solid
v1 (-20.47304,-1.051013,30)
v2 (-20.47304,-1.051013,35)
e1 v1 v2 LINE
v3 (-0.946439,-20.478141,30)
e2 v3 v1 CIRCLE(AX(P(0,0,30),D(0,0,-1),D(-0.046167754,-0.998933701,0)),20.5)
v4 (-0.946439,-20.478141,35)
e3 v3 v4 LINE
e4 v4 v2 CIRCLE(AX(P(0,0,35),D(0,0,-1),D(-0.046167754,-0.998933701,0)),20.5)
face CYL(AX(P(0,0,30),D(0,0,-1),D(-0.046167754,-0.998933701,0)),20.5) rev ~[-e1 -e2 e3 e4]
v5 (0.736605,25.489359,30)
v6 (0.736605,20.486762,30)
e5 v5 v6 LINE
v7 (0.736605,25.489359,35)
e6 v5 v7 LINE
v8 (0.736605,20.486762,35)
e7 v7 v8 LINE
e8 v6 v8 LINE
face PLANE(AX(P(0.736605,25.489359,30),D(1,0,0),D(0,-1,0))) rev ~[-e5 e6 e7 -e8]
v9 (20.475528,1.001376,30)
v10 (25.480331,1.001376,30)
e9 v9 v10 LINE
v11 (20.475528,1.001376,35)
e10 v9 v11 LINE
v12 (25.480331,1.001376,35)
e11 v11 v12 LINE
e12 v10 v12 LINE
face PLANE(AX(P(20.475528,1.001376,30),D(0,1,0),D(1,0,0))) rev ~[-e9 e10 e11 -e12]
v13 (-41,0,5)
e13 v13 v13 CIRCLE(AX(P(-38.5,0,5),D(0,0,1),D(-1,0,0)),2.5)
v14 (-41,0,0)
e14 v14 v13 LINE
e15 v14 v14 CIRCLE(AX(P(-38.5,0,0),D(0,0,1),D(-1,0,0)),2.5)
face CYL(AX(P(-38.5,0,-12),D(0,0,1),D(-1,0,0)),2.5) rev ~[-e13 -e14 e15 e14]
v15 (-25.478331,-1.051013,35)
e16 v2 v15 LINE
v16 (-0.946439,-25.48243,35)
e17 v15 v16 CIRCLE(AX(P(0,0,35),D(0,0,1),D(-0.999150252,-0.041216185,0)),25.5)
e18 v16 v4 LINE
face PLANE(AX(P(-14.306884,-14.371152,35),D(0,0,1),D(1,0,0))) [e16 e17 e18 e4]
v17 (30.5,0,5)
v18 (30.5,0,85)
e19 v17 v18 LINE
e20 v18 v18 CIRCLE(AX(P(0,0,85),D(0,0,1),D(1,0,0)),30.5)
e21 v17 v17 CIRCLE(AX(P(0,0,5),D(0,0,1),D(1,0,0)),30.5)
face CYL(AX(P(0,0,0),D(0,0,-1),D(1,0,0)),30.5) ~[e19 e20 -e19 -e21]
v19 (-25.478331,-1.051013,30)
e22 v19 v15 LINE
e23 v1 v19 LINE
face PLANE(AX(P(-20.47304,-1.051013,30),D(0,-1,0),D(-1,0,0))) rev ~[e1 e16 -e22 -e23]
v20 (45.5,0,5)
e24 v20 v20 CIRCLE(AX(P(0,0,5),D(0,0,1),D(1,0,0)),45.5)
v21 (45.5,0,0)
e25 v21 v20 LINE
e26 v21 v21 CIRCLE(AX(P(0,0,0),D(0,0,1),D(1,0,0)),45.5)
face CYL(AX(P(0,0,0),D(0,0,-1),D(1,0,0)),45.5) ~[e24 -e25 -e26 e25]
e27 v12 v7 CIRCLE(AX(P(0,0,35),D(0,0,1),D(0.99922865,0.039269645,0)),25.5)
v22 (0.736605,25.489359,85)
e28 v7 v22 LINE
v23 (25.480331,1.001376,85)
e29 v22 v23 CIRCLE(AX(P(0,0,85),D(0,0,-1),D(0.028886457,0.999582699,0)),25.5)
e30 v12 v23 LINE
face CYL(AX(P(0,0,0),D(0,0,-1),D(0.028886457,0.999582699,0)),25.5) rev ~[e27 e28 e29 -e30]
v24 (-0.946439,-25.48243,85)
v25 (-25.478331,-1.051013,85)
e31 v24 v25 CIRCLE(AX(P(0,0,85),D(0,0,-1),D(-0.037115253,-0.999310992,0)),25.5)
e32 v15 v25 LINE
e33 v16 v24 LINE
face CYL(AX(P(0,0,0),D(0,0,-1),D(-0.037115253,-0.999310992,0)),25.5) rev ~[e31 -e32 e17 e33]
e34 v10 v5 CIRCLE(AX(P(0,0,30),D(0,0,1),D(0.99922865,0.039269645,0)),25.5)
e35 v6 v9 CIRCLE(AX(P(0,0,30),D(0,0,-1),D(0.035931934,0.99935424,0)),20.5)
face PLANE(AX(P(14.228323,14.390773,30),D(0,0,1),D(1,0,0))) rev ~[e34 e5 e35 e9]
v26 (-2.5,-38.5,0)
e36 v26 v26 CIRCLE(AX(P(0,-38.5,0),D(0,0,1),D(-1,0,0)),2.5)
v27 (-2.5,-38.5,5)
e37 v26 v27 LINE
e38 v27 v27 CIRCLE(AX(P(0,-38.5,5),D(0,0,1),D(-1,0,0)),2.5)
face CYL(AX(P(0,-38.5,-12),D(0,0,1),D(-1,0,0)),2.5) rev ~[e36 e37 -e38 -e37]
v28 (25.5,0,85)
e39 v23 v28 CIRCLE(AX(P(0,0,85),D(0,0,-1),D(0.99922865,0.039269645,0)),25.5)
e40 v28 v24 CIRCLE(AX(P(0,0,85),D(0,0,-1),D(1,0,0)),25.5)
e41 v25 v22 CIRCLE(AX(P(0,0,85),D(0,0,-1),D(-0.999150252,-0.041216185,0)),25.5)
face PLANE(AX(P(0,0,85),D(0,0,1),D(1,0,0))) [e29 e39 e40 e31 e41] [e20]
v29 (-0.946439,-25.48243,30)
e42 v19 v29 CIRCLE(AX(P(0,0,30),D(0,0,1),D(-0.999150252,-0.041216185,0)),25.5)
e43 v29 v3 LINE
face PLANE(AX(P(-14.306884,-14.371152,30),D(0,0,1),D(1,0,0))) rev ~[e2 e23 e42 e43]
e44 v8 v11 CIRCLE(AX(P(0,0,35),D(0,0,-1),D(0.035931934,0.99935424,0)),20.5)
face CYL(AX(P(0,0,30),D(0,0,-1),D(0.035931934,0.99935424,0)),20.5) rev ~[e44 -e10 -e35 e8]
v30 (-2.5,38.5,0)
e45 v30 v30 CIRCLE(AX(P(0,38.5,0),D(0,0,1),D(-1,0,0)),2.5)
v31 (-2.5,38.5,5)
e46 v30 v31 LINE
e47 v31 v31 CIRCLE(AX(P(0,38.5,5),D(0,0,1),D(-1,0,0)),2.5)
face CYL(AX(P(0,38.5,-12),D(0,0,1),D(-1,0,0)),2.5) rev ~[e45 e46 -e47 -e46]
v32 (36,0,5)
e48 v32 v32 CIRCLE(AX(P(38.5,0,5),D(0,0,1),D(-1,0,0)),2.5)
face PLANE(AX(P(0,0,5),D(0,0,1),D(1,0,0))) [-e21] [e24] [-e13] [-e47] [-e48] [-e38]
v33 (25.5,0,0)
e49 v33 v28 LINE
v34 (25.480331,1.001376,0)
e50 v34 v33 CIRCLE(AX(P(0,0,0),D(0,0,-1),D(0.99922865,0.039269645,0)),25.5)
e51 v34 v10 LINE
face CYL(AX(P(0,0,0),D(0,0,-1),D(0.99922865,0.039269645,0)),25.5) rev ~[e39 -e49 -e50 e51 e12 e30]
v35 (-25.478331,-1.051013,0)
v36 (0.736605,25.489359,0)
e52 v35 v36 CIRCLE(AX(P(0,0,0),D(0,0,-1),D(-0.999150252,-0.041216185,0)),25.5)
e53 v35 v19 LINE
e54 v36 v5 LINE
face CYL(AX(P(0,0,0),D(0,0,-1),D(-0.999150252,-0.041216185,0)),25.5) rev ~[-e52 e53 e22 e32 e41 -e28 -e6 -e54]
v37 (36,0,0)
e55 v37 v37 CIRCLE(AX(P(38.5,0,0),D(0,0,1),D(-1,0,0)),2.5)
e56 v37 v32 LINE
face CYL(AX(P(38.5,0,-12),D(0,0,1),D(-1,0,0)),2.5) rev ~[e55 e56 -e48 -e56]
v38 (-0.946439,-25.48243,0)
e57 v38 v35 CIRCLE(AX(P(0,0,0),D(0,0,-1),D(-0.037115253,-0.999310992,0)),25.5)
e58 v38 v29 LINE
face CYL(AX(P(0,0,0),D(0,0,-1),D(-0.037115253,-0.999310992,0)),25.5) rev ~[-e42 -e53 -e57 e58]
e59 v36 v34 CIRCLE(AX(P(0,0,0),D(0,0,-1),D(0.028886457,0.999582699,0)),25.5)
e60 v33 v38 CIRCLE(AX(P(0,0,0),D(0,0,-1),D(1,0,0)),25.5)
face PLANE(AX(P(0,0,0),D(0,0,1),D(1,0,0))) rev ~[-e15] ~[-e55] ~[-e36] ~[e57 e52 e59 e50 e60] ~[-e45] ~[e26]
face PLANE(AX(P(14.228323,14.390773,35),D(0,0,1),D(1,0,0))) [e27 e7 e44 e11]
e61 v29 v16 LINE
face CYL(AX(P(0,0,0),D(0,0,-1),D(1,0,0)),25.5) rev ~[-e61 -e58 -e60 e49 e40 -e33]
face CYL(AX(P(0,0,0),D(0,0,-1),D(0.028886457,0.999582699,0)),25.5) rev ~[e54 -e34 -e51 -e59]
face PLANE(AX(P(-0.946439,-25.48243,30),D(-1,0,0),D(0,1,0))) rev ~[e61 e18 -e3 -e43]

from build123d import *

# Parameters (mm, degrees)
F0_R     = 45.5
F0_R_2   = 30.5
F1_DEPTH = 5
F2_DEPTH = 85
F3_D     = 5
F3_DEPTH = 12
F3_TIP   = 1.5021515476
F4_START = 30
F4_DEPTH = 5


with BuildPart() as f1:
    # F0 (on Top) → F1 (new body)
    with BuildSketch(Plane.XY):
        Circle(F0_R)
        Circle(F0_R_2, mode=Mode.SUBTRACT)
    extrude(amount=F1_DEPTH)

    # F0 (on Top) → F2 (join)
    with BuildSketch(Plane.XY):
        Circle(F0_R_2)
        with BuildLine():
            ThreePointArc((25.4803305747, 1.0013759549), (25.4950821695, 0.5007845568), (25.5, 0))
            ThreePointArc((25.5, 0), (17.6934423844, -18.3627910893), (-0.9464389481, -25.4824302867))
            ThreePointArc((-0.9464389481, -25.4824302867), (-17.9941841556, -18.0681857577), (-25.4783314262, -1.051012719))
            ThreePointArc((-25.4783314262, -1.051012719), (-18.1421082442, 17.9196514602), (0.7366046437, 25.4893588307))
            ThreePointArc((0.7366046437, 25.4893588307), (17.937314442, 18.1246448409), (25.4803305747, 1.0013759549))
        make_face(mode=Mode.SUBTRACT)
    extrude(amount=F2_DEPTH)

    # F3
    with Locations(Plane(origin=(0, 0, 0), x_dir=(1, 0, 0), z_dir=(0, 0, -1))):
        with Locations((38.5, 0), (-38.5, 0), (0, 38.5), (0, -38.5)):
            Hole(F3_D / 2, depth=F3_DEPTH)
            with Locations((0, 0, -(F3_DEPTH + F3_TIP / 2))):  # 118° drill point
                Cone(0, F3_D / 2, F3_TIP, mode=Mode.SUBTRACT)

    # F0 (on Top) → F4 (join)
    with BuildSketch(Plane.XY.offset(F4_START)):
        with BuildLine():
            Line((20.4755279833, 1.0013759549), (25.4803305747, 1.0013759549))
            ThreePointArc((25.4803305747, 1.0013759549), (17.937314442, 18.1246448409), (0.7366046437, 25.4893588307))
            Line((0.7366046437, 25.4893588307), (0.7366046437, 20.486761911))
            ThreePointArc((0.7366046437, 20.486761911), (14.4016911893, 14.5890812215), (20.4755279833, 1.0013759549))
        make_face()
        with BuildLine():
            ThreePointArc((-25.4783314262, -1.051012719), (-17.9941841556, -18.0681857577), (-0.9464389481, -25.4824302867))
            Line((-0.9464389481, -25.4824302867), (-0.9464389481, -20.4781408658))
            ThreePointArc((-0.9464389481, -20.4781408658), (-14.4586253852, -14.5326581179), (-20.4730401324, -1.051012719))
            Line((-20.4730401324, -1.051012719), (-25.4783314262, -1.051012719))
        make_face()
    extrude(amount=F4_DEPTH)


solid = f1.part
